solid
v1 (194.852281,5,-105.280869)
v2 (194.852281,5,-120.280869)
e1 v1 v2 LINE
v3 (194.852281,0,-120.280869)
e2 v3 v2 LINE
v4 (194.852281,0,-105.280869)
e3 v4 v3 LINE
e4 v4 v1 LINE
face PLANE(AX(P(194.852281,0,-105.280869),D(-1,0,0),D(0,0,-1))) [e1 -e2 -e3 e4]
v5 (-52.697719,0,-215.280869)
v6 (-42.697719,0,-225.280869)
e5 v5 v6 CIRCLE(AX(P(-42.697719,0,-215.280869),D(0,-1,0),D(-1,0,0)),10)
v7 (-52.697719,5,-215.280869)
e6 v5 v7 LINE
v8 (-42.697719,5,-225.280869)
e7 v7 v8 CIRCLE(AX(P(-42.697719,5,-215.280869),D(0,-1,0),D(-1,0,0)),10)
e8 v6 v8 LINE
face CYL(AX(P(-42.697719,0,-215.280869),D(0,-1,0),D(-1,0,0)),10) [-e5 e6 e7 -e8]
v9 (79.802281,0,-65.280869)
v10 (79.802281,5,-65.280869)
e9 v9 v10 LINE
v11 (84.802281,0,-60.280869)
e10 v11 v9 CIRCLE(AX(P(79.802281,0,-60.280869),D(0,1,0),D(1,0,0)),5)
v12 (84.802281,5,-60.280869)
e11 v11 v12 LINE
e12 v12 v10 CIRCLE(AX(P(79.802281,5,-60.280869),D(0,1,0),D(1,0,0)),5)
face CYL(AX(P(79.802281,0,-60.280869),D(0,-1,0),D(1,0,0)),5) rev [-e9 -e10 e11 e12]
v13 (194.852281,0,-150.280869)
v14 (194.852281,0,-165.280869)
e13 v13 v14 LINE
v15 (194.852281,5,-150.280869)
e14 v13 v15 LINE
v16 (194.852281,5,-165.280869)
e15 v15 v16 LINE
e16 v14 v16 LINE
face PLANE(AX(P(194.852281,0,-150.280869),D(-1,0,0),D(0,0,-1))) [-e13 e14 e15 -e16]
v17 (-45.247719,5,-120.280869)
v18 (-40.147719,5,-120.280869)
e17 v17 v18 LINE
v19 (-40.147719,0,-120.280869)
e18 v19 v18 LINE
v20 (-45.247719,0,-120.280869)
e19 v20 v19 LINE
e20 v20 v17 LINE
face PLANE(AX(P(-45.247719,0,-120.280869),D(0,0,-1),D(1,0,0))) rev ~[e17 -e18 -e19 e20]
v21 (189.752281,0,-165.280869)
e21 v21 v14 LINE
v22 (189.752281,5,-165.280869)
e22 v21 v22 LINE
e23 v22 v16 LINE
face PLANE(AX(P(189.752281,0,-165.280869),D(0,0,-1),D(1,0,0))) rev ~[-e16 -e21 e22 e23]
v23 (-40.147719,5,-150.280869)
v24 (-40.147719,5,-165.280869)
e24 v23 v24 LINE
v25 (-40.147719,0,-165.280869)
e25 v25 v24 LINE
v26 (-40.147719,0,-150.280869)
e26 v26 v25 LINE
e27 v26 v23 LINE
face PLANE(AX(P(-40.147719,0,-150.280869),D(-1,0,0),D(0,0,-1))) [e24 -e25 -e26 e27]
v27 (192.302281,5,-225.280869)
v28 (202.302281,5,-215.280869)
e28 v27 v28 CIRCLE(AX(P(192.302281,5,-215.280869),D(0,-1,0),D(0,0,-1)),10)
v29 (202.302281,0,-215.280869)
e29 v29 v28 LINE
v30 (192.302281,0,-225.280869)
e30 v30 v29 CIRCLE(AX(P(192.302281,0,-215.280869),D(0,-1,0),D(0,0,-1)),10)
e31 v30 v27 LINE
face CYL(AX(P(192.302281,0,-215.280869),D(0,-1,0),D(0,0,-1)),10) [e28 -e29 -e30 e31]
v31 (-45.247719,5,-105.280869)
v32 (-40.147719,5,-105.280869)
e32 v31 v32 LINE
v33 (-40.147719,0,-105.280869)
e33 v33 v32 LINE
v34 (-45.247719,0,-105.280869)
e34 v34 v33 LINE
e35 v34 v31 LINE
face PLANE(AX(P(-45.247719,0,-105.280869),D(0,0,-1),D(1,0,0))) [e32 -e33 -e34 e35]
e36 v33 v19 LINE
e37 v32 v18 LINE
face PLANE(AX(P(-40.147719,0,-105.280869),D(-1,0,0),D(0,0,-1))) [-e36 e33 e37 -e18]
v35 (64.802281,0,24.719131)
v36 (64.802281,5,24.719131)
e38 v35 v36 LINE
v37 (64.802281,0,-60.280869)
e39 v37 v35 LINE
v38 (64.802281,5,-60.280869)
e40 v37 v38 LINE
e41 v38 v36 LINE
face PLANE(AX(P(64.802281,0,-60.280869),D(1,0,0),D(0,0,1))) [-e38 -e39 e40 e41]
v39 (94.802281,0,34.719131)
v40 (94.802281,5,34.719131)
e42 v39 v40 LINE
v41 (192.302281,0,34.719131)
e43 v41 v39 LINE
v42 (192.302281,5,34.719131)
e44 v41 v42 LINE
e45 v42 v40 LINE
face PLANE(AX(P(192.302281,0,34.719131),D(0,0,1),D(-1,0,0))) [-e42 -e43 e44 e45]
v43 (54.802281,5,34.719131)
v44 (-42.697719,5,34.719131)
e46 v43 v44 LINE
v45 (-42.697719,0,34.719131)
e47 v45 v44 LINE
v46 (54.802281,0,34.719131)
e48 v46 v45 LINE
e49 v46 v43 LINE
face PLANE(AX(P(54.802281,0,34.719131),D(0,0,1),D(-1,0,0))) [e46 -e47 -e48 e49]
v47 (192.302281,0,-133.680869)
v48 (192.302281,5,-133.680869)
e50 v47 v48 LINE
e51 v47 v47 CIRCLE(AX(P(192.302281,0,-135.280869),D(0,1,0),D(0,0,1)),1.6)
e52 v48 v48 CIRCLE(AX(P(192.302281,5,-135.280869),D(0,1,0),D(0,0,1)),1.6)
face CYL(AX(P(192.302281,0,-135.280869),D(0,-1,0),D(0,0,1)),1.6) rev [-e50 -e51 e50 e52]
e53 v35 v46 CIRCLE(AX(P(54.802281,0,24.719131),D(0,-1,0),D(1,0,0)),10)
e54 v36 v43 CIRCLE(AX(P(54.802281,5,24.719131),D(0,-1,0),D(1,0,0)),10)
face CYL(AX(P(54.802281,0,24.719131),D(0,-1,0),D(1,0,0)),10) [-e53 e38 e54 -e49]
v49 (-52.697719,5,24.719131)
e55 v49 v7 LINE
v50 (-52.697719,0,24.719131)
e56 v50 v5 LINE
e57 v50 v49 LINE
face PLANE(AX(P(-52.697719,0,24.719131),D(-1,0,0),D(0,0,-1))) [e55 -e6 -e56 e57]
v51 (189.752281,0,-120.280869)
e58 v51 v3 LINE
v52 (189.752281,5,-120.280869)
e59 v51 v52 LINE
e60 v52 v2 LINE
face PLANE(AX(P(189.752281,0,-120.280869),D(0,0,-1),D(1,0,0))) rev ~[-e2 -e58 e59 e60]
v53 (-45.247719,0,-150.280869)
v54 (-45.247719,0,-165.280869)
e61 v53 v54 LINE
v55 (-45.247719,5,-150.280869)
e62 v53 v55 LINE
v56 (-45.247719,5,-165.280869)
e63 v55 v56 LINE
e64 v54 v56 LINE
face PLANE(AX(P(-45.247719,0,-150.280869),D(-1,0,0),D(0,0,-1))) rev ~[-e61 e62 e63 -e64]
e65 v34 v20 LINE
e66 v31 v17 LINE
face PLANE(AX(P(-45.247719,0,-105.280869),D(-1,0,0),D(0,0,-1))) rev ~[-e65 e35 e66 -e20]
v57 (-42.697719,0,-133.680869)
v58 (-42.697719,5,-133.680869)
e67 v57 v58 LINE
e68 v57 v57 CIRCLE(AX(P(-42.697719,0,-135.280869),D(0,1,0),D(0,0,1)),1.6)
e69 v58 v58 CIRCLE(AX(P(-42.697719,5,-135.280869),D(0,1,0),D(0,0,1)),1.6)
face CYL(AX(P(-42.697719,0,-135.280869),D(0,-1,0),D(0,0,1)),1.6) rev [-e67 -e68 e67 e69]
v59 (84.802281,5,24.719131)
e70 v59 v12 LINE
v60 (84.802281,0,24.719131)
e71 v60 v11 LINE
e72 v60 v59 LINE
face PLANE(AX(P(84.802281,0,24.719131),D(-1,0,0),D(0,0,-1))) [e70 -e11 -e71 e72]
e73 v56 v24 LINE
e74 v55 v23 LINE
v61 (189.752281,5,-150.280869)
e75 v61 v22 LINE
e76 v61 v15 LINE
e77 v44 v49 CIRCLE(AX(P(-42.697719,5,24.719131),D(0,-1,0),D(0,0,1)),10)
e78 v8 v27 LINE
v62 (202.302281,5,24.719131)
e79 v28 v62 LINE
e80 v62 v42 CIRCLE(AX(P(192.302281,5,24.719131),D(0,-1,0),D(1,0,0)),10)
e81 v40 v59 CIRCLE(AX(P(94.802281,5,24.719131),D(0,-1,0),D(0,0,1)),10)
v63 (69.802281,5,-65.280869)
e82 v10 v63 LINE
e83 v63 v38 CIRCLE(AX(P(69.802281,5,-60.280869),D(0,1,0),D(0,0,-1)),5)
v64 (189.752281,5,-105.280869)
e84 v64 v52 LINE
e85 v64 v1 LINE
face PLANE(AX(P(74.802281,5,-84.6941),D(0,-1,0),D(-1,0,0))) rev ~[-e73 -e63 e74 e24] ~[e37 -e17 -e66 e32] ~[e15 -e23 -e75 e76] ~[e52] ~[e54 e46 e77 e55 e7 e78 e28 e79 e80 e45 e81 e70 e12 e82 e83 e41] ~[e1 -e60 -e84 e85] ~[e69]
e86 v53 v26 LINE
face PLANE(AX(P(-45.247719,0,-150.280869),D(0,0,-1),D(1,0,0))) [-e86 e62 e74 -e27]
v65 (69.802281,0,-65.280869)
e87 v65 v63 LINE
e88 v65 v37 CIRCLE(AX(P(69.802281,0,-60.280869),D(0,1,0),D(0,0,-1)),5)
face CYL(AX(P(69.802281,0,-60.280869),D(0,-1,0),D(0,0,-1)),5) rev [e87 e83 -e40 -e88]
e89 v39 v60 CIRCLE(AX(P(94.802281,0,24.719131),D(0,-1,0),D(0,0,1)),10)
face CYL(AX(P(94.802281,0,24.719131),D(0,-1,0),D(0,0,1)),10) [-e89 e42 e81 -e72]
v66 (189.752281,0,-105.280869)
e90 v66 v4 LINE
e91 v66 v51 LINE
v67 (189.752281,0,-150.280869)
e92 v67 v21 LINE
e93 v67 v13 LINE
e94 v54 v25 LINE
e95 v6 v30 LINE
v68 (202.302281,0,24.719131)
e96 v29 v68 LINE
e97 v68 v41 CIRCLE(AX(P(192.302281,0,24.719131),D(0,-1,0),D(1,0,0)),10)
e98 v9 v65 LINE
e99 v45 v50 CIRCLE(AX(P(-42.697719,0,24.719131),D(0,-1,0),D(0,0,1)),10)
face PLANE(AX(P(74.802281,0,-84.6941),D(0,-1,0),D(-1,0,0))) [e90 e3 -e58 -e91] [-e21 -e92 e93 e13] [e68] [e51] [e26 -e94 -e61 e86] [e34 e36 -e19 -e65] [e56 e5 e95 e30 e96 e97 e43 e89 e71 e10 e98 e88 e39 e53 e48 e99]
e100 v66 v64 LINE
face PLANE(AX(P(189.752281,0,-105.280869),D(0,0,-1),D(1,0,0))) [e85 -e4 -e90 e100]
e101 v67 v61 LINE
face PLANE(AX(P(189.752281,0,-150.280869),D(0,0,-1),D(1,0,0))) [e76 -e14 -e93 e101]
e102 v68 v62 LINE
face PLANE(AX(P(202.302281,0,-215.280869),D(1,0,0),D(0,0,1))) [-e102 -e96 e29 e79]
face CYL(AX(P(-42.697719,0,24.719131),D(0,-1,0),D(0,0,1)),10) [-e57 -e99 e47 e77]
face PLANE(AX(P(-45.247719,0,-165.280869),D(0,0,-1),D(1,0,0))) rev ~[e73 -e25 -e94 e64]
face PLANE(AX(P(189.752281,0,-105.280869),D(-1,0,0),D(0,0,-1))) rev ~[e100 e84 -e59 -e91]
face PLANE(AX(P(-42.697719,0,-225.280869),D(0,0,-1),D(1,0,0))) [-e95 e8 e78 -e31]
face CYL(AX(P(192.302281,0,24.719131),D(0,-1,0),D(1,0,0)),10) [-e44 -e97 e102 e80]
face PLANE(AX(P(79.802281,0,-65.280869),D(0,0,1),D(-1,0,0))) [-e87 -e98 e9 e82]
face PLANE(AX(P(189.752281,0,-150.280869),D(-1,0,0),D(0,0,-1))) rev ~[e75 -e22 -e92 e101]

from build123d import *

# Parameters (mm, degrees)
SKETCH1_R           = 1.6
SKETCH1_W           = 5.099999999
SKETCH1_H           = 15
SKETCH1_W_2         = 5.099999998
SKETCH1_W_3         = 5.1
BOSS_EXTRUDE1_DEPTH = 5


with BuildPart() as part:
    # Sketch1 → Boss-Extrude1 (new body)
    with BuildSketch(Plane(origin=(0, 0, 0), x_dir=(1, 0, 0), z_dir=(0, 1, 0))):
        with BuildLine():
            Line((-42.697719413, 225.280869355), (192.302280587, 225.280869355))
            ThreePointArc((192.302280587, 225.280869355), (199.373348399, 222.351937167), (202.302280587, 215.280869355))
            Line((202.302280587, 215.280869355), (202.302280587, -24.719130645))
            ThreePointArc((202.302280587, -24.719130645), (199.373348399, -31.790198457), (192.302280587, -34.719130645))
            Line((192.302280587, -34.719130645), (94.802280587, -34.719130645))
            ThreePointArc((94.802280587, -34.719130645), (87.731212775, -31.790198457), (84.802280587, -24.719130645))
            Line((84.802280587, -24.719130645), (84.802280587, 60.280869355))
            ThreePointArc((84.802280587, 60.280869355), (83.337814493, 63.816403261), (79.802280587, 65.280869355))
            Line((79.802280587, 65.280869355), (69.802280587, 65.280869355))
            ThreePointArc((69.802280587, 65.280869355), (66.266746681, 63.816403261), (64.802280587, 60.280869355))
            Line((64.802280587, 60.280869355), (64.802280587, -24.719130645))
            ThreePointArc((64.802280587, -24.719130645), (61.873348399, -31.790198457), (54.802280587, -34.719130645))
            Line((54.802280587, -34.719130645), (-42.697719413, -34.719130645))
            ThreePointArc((-42.697719413, -34.719130645), (-49.768787225, -31.790198457), (-52.697719413, -24.719130645))
            Line((-52.697719413, -24.719130645), (-52.697719413, 215.280869355))
            ThreePointArc((-52.697719413, 215.280869355), (-49.768787225, 222.351937167), (-42.697719413, 225.280869355))
        make_face()
        with Locations(Location((192.302280587, 135.280869355, 0), (0, 0, 270))):
            Circle(SKETCH1_R, mode=Mode.SUBTRACT)
        with Locations(Location((-42.697719413, 135.280869355, 0), (0, 0, 270))):
            Circle(SKETCH1_R, mode=Mode.SUBTRACT)
        with Locations((192.302280588, 157.780869355)):
            Rectangle(SKETCH1_W, SKETCH1_H, mode=Mode.SUBTRACT)
        with Locations((192.302280587, 112.780869355)):
            Rectangle(SKETCH1_W_2, SKETCH1_H, mode=Mode.SUBTRACT)
        with Locations((-42.697719413, 157.780869355)):
            Rectangle(SKETCH1_W_3, SKETCH1_H, mode=Mode.SUBTRACT)
        with Locations((-42.697719413, 112.780869355)):
            Rectangle(SKETCH1_W_3, SKETCH1_H, mode=Mode.SUBTRACT)
    extrude(amount=BOSS_EXTRUDE1_DEPTH)


solid = part.part
